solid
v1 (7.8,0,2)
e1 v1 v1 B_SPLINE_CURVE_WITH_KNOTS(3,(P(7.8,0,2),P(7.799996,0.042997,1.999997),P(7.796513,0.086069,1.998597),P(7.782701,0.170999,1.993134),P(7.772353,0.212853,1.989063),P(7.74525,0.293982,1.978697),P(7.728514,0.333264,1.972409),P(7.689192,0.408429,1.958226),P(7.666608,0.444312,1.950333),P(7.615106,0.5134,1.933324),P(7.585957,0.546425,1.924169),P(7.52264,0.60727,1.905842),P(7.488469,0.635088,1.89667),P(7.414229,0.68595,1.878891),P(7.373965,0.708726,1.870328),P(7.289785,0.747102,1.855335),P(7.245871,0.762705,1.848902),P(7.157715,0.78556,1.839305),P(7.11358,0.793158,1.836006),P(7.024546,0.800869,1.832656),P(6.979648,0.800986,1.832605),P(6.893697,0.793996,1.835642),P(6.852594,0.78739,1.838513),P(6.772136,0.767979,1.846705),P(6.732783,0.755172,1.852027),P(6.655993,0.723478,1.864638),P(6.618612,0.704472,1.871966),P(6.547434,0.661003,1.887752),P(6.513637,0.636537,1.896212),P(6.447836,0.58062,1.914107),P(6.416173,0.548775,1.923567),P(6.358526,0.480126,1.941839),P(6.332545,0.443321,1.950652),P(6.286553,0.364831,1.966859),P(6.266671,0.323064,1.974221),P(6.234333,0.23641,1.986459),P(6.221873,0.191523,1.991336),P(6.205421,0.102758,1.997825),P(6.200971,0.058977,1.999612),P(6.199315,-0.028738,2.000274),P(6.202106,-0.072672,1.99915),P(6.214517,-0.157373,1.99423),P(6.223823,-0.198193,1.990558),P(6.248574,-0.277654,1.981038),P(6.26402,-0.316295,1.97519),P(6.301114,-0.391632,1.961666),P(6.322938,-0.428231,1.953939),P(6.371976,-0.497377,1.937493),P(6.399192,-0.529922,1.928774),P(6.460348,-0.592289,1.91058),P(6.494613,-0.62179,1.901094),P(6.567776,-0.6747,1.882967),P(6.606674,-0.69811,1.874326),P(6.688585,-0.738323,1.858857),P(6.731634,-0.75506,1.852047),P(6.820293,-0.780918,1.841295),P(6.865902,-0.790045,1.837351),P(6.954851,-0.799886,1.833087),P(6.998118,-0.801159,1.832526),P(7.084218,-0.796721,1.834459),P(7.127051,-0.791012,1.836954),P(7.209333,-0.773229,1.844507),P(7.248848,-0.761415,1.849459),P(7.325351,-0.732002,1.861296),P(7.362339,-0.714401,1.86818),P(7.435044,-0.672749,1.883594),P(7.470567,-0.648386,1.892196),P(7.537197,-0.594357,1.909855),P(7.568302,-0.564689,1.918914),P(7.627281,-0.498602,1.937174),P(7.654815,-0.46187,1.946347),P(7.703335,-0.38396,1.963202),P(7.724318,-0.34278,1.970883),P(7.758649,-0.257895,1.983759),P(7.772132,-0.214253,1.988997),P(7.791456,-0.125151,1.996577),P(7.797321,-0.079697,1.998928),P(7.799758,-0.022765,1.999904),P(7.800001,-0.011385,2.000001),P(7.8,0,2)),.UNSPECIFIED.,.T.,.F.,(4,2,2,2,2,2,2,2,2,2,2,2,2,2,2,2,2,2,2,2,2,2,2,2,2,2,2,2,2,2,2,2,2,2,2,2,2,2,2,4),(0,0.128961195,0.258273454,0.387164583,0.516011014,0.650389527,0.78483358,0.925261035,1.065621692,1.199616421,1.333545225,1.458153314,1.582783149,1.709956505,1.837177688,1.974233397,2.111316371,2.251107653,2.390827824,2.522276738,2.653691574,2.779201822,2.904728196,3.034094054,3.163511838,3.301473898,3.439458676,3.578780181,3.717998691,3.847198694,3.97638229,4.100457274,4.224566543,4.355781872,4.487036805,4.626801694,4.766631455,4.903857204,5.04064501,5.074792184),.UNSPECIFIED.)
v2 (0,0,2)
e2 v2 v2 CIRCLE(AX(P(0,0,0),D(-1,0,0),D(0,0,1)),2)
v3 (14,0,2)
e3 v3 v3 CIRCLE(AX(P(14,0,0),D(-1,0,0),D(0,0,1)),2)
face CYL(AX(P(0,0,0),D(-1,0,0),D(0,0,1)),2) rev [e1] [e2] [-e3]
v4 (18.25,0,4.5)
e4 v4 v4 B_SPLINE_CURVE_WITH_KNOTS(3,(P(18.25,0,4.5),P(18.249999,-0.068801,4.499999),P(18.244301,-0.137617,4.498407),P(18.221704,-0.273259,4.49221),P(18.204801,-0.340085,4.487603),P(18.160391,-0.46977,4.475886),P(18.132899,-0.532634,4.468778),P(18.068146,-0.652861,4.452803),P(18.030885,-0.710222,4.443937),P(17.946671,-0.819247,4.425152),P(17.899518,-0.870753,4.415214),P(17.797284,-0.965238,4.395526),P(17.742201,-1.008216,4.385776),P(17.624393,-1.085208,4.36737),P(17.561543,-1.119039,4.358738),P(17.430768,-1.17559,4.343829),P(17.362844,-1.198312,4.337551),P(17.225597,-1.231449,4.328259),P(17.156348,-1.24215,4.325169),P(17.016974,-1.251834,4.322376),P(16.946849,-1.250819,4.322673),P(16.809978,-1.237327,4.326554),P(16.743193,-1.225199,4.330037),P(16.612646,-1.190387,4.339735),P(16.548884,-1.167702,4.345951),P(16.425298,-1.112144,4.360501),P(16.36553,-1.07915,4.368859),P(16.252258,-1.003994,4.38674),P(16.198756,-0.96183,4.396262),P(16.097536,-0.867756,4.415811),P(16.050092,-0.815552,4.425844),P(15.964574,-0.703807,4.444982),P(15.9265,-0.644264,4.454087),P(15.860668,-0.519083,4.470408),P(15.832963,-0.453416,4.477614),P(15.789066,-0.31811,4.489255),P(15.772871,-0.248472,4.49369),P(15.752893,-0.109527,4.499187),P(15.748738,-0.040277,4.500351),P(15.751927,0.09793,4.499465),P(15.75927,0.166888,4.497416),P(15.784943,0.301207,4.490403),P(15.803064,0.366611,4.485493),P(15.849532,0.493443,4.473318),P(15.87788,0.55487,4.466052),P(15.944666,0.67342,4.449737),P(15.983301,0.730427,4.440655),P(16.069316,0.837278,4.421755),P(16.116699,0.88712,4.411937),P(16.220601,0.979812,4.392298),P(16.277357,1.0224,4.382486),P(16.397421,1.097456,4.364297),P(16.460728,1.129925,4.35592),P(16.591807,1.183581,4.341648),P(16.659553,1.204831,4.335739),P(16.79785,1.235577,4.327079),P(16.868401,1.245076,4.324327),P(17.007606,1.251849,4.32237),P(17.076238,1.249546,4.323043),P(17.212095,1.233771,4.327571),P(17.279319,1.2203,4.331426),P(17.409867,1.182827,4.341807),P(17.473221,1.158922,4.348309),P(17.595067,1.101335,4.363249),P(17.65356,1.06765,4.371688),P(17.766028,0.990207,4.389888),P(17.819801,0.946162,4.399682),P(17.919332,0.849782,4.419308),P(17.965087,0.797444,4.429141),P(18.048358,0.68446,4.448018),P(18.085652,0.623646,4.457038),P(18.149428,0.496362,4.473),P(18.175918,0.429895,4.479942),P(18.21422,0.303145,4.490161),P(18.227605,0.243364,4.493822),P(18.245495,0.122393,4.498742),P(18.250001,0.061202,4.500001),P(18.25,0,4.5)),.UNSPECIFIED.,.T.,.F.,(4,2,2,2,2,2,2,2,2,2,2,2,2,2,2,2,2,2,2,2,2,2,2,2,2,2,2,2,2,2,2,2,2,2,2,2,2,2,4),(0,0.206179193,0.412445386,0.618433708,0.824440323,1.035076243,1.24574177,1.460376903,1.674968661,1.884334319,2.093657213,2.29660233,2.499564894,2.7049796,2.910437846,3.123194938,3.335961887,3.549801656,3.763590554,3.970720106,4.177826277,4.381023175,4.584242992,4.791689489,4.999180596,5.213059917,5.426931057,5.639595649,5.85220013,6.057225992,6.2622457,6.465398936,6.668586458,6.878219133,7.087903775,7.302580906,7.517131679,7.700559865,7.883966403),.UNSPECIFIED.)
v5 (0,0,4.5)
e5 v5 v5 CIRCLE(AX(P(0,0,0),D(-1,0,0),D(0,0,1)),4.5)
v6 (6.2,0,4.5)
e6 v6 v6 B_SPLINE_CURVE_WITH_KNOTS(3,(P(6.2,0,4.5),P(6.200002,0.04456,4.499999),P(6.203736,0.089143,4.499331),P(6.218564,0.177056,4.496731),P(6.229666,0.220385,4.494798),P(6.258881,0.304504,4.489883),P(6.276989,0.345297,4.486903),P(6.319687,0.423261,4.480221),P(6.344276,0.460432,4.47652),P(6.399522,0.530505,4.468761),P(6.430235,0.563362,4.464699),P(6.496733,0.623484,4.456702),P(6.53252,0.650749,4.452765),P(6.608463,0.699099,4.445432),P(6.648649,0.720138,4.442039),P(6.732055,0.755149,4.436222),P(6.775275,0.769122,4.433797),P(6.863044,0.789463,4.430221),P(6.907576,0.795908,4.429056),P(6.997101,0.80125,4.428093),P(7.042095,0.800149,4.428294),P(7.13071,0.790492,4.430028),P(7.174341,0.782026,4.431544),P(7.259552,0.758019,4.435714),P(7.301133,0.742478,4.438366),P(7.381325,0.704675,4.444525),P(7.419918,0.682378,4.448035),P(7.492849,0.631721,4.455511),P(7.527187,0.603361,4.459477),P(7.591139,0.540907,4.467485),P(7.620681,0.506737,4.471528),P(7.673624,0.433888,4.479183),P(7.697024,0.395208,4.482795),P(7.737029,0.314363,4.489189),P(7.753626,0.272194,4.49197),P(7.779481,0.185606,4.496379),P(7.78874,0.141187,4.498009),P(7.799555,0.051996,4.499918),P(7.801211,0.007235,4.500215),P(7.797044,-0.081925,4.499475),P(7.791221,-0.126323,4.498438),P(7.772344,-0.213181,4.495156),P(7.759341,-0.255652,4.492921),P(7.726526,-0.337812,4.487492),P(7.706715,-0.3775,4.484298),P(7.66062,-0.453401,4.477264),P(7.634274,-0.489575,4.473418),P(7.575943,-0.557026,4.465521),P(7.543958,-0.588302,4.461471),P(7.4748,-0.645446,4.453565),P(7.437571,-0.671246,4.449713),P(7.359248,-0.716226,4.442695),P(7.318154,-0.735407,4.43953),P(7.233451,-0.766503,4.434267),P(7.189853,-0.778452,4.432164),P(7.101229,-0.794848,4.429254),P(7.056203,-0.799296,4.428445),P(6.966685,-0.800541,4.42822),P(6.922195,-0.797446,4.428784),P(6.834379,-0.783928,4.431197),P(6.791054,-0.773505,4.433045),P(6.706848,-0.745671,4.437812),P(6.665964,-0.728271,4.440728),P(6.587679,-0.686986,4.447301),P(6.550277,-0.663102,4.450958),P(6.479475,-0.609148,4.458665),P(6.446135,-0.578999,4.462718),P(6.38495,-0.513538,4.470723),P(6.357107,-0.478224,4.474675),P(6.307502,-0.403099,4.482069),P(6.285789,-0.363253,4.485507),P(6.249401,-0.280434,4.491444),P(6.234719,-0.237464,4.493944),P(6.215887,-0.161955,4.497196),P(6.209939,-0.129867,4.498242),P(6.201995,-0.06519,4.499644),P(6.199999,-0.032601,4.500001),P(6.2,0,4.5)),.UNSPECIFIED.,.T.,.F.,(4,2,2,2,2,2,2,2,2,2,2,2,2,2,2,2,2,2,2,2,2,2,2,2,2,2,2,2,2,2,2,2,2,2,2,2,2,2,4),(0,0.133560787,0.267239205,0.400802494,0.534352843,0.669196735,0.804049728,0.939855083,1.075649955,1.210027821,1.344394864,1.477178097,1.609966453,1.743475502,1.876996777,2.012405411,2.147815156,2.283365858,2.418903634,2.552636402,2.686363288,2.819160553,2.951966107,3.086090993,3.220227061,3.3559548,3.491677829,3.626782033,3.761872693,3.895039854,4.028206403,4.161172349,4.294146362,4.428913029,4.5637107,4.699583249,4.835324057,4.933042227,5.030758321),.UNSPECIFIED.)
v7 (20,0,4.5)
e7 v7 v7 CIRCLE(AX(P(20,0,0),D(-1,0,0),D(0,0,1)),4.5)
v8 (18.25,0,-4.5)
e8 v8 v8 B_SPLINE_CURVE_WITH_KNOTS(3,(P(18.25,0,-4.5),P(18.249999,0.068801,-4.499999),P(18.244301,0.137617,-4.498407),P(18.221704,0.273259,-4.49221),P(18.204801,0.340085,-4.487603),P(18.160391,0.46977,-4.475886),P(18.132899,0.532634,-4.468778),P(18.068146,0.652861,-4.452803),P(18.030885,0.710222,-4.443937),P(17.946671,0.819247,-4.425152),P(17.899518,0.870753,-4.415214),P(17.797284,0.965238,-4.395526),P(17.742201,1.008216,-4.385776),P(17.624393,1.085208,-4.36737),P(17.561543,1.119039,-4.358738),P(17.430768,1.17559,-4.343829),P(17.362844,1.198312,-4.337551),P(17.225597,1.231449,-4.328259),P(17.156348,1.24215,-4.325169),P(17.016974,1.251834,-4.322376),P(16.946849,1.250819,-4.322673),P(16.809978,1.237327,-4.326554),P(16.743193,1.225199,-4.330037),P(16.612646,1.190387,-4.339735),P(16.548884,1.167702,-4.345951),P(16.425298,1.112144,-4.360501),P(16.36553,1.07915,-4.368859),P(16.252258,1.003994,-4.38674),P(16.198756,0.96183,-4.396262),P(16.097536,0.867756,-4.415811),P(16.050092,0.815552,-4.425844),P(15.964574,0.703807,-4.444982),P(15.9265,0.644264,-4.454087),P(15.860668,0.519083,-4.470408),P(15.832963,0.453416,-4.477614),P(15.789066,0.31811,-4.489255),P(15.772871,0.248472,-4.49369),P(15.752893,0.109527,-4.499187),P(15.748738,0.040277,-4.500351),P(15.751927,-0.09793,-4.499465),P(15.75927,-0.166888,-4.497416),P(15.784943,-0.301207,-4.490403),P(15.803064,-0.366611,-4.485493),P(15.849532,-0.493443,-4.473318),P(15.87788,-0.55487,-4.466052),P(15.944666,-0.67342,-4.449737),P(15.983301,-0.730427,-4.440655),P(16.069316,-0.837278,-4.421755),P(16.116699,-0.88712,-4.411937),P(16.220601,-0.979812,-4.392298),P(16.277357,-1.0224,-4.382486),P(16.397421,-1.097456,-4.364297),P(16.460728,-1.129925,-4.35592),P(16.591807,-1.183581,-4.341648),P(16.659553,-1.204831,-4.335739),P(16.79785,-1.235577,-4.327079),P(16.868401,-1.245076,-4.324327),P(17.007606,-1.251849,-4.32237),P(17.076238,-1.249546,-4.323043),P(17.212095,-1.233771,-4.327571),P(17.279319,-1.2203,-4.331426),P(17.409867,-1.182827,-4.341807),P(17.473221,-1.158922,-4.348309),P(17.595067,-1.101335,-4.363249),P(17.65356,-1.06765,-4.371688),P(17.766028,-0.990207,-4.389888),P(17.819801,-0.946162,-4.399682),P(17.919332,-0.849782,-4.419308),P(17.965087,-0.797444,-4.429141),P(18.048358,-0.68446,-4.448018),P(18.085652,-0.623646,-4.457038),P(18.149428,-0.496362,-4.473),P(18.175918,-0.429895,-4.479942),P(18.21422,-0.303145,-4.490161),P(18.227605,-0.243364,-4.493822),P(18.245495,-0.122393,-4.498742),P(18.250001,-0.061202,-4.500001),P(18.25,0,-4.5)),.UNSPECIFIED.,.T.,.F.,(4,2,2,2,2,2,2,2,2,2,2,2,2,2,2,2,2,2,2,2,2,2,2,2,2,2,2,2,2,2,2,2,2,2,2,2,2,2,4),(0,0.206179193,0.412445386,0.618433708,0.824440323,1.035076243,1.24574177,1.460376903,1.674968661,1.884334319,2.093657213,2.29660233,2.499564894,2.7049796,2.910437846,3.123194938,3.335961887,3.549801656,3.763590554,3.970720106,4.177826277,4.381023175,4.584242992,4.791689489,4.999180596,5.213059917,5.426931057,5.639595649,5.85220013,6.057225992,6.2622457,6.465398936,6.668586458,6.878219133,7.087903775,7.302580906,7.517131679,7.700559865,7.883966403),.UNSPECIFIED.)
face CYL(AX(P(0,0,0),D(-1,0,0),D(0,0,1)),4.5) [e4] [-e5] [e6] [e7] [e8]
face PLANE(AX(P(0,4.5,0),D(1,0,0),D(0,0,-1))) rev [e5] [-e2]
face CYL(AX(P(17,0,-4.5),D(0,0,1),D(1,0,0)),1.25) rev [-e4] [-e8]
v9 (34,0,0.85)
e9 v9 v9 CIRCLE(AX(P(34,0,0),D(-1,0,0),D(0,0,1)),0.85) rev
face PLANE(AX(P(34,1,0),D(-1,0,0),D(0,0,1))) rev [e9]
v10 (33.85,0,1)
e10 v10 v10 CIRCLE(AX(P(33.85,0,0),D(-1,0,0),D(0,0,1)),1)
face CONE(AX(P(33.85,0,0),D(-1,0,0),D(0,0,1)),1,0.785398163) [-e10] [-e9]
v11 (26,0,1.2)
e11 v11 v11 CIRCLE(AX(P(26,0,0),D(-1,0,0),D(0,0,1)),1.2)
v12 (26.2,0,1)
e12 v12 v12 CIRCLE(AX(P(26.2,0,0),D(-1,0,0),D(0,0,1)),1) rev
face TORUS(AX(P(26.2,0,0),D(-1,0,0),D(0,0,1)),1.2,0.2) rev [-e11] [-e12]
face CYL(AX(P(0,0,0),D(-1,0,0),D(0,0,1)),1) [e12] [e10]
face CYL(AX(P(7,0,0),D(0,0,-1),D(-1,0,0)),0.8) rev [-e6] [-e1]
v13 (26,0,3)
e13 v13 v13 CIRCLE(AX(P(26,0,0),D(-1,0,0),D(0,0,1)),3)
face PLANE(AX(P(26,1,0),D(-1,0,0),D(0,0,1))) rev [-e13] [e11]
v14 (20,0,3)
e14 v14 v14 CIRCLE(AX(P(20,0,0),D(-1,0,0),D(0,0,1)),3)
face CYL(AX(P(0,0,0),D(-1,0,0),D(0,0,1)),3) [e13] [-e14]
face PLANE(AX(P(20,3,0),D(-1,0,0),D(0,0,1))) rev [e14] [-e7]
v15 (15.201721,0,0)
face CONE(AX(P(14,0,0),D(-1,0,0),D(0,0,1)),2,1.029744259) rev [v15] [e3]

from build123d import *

# Parameters (mm, degrees)
FASE1_SIZE                           = 0.15
SKIZZE5_W                            = 0.8
SKIZZE5_H                            = 4.5
SKIZZE7_R                            = 1.25
SCHNITT_LINEAR_AUSTRAGEN2_DEPTH      = 5.50000011
SCHNITT_LINEAR_AUSTRAGEN2_DEPTH_BACK = 5.5000001
VERRUNDUNG1_R                        = 0.2


with BuildPart() as part:
    # Skizze1 → Rotation1 (revolve)
    with BuildSketch(Plane.XY):
        Polygon((0, 4.5), (0, 2), (14, 2), (15.201721238, 0), (34, 0), (34, 1), (26, 1), (26, 3), (20, 3), (20, 4.5), align=None)
    revolve(axis=Axis((0, 0, 0), (1, 0, 0)))

    # Fase1
    fase1_edges = [part.edges().sort_by_distance(p)[0] for p in [
        (34, -1, 0),
    ]]
    chamfer(fase1_edges, length=FASE1_SIZE)

    # Skizze5 → M2 Gewindebohrung1 (revolve, cut)
    with BuildSketch(Plane.YZ.offset(7)):
        with Locations((0.4, 2.25)):
            Rectangle(SKIZZE5_W, SKIZZE5_H)
    revolve(axis=Axis((7, 0, -6.35), (0, 0, 1)), mode=Mode.SUBTRACT)

    # Skizze7 → Schnitt-Linear austragen2 (cut, two sides)
    with BuildSketch(Plane.XY) as schnitt_linear_austragen2_sk:
        with Locations((17, 0)):
            Circle(SKIZZE7_R)
    extrude(amount=SCHNITT_LINEAR_AUSTRAGEN2_DEPTH, mode=Mode.SUBTRACT)
    extrude(schnitt_linear_austragen2_sk.sketch, amount=-SCHNITT_LINEAR_AUSTRAGEN2_DEPTH_BACK, mode=Mode.SUBTRACT)

    # Verrundung1
    verrundung1_edges = [part.edges().sort_by_distance(p)[0] for p in [
        (26, -1, 0),
    ]]
    fillet(verrundung1_edges, radius=VERRUNDUNG1_R)


solid = part.part
